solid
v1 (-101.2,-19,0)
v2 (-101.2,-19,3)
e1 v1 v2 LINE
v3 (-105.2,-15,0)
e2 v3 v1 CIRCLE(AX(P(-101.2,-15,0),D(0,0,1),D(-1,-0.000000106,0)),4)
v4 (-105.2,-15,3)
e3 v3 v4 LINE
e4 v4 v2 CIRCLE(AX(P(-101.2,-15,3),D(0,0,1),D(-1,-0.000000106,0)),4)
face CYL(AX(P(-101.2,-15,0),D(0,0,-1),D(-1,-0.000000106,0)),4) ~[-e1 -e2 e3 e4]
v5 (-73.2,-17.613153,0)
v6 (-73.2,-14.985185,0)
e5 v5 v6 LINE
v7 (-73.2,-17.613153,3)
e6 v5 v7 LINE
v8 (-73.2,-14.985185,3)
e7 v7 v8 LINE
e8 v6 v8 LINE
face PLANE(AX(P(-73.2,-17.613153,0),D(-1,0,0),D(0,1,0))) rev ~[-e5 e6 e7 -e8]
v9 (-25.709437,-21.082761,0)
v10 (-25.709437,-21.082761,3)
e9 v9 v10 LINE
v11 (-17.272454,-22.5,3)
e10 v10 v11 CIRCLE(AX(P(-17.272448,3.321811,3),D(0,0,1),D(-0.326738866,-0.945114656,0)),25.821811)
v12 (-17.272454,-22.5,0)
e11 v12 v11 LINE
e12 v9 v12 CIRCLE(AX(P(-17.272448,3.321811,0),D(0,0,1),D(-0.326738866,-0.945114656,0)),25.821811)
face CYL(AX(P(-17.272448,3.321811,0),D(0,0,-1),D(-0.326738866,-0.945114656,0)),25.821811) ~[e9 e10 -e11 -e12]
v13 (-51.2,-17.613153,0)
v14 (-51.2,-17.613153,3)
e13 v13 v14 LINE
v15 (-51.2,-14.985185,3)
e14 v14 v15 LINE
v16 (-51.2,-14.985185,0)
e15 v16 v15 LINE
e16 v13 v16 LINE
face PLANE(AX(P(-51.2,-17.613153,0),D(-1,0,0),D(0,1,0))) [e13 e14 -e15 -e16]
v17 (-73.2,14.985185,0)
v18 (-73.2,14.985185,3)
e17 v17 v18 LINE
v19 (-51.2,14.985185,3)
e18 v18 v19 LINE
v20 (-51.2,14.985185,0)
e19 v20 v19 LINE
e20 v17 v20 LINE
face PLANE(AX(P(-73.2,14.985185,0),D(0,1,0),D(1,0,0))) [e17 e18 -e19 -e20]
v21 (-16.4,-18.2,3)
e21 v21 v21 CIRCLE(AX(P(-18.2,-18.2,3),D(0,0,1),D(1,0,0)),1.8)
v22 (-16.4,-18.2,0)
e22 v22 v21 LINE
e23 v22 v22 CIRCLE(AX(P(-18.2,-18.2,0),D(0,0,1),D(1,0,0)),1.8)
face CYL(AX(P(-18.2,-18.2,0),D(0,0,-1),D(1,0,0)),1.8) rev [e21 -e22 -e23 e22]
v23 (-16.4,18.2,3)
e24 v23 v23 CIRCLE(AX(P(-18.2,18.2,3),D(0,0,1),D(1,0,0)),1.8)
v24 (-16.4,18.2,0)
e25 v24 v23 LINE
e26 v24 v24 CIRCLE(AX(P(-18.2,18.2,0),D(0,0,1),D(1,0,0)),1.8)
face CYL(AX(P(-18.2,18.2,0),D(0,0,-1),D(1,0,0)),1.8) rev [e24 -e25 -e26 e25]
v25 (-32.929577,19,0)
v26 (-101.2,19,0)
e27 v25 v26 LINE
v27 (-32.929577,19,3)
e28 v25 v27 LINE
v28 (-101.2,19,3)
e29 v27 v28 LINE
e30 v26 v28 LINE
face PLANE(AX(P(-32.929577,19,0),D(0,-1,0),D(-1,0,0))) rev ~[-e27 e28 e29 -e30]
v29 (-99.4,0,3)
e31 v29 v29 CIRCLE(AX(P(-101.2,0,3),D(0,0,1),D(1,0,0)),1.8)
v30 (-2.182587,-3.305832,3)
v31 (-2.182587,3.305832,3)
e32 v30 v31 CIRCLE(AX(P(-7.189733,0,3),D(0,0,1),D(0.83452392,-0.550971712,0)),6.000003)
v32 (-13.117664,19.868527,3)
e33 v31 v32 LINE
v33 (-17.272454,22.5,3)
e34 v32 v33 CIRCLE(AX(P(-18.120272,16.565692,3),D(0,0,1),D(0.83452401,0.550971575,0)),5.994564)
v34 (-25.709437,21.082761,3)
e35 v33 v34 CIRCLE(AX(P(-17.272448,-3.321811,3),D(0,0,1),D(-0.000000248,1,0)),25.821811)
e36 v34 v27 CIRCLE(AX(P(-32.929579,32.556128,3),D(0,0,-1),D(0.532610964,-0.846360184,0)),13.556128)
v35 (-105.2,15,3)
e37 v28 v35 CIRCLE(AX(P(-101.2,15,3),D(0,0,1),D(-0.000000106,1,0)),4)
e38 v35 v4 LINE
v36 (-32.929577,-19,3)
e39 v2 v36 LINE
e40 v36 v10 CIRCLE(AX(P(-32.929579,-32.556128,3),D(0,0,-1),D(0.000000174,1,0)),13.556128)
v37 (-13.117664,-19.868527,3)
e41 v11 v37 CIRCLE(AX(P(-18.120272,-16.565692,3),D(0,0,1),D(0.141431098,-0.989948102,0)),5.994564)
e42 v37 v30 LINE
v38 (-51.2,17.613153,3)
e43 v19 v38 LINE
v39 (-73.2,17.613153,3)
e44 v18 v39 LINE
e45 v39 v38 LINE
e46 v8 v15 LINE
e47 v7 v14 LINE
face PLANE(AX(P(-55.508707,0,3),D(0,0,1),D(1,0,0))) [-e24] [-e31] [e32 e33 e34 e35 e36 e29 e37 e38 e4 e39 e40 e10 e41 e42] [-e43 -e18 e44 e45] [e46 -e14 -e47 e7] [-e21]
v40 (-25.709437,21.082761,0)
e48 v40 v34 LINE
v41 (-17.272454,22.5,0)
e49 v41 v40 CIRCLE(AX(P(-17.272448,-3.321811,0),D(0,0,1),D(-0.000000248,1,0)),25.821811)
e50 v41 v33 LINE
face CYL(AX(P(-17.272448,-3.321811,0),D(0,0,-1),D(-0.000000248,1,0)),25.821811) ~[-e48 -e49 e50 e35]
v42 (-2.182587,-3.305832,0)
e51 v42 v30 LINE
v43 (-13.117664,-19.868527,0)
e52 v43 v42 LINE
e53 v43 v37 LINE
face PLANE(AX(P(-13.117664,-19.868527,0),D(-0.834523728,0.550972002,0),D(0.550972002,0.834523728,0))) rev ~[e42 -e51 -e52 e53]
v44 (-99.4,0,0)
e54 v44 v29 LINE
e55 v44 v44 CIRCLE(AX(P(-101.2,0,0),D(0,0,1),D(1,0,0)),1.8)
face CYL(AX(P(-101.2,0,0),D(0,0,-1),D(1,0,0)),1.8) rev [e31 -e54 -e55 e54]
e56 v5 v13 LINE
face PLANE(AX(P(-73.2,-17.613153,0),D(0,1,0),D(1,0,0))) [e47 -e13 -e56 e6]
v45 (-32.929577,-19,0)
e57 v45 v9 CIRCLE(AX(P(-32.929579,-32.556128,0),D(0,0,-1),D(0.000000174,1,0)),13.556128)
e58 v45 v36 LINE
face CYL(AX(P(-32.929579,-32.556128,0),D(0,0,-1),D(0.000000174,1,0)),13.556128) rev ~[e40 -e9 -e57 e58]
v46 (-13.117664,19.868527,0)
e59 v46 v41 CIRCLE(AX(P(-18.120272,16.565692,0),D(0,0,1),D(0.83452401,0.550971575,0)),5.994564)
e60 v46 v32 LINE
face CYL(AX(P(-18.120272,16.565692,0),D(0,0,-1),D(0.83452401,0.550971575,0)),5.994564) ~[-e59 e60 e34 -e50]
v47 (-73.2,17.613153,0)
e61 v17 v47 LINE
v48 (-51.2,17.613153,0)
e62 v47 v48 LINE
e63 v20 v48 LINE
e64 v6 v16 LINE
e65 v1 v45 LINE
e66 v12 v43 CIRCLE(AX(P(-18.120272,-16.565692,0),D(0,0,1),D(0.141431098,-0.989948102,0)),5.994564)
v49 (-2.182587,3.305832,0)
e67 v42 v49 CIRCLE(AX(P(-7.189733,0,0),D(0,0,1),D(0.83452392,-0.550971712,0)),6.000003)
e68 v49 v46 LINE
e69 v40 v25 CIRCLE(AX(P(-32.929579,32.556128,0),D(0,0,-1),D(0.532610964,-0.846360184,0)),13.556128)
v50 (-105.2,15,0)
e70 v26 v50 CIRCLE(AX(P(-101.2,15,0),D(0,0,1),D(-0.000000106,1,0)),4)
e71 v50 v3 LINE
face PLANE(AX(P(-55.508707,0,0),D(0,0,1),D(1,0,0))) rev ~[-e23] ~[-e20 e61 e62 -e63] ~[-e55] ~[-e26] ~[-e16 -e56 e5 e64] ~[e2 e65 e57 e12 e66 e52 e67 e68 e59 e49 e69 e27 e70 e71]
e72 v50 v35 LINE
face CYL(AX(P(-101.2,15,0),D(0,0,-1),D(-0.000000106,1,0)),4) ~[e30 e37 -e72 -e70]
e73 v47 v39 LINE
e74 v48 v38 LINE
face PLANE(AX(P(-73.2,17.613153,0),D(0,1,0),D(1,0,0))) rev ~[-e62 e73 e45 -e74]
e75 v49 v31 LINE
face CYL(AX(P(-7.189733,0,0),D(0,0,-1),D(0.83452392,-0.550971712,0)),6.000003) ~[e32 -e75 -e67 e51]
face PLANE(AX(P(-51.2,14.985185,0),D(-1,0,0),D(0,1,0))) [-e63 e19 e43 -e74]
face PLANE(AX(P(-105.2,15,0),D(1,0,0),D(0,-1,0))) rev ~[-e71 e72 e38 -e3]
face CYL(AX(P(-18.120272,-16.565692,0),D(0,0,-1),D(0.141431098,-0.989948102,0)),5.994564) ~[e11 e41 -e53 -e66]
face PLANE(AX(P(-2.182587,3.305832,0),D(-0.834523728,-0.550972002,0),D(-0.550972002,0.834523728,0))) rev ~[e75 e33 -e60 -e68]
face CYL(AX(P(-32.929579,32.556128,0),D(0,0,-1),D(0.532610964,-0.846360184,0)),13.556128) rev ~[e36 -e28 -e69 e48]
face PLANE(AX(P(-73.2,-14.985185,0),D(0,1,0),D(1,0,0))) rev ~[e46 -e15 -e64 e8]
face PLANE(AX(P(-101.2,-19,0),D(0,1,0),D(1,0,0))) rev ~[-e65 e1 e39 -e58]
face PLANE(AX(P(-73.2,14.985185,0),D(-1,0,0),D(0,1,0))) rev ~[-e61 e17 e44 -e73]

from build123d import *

# Parameters (mm, degrees)
F0_W     = 22
F0_H     = 2.627969
F0_R     = 1.8
F1_DEPTH = 3


with BuildPart() as f1:
    # F0 (on Top) → F1 (new body)
    with BuildSketch(Plane.XY):
        with BuildLine():
            Line((-70.846429, 19), (-101.2, 19))
            ThreePointArc((-101.2, 19), (-104.028427, 17.828427), (-105.2, 15))
            Line((-105.2, 15), (-105.2, -15))
            ThreePointArc((-105.2, -15), (-104.028427, -17.828427), (-101.2, -19))
            Line((-101.2, -19), (-70.846429, -19))
            Line((-70.846429, -19), (-32.929577, -19))
            ThreePointArc((-32.929577, -19), (-29.172307, -19.531094), (-25.709437, -21.082761))
            ThreePointArc((-25.709437, -21.082761), (-21.550048, -22.143225), (-17.272454, -22.5))
            ThreePointArc((-17.272454, -22.5), (-14.912775, -21.629956), (-13.117664, -19.868527))
            Line((-13.117664, -19.868527), (-2.182587, -3.305832))
            ThreePointArc((-2.182587, -3.305832), (-1.18973, 0), (-2.182587, 3.305832))
            Line((-2.182587, 3.305832), (-13.117664, 19.868527))
            ThreePointArc((-13.117664, 19.868527), (-14.912775, 21.629956), (-17.272454, 22.5))
            ThreePointArc((-17.272454, 22.5), (-21.550048, 22.143225), (-25.709437, 21.082761))
            ThreePointArc((-25.709437, 21.082761), (-29.172307, 19.531094), (-32.929577, 19))
            Line((-32.929577, 19), (-70.846429, 19))
        make_face()
        with Locations((-62.2, -16.299169)):
            Rectangle(F0_W, F0_H, mode=Mode.SUBTRACT)
        with Locations((-18.2, -18.2)):
            Circle(F0_R, mode=Mode.SUBTRACT)
        with Locations((-101.2, 0)):
            Circle(F0_R, mode=Mode.SUBTRACT)
        with Locations((-62.2, 16.299169)):
            Rectangle(F0_W, F0_H, mode=Mode.SUBTRACT)
        with Locations((-18.2, 18.2)):
            Circle(F0_R, mode=Mode.SUBTRACT)
    extrude(amount=F1_DEPTH)


solid = f1.part
